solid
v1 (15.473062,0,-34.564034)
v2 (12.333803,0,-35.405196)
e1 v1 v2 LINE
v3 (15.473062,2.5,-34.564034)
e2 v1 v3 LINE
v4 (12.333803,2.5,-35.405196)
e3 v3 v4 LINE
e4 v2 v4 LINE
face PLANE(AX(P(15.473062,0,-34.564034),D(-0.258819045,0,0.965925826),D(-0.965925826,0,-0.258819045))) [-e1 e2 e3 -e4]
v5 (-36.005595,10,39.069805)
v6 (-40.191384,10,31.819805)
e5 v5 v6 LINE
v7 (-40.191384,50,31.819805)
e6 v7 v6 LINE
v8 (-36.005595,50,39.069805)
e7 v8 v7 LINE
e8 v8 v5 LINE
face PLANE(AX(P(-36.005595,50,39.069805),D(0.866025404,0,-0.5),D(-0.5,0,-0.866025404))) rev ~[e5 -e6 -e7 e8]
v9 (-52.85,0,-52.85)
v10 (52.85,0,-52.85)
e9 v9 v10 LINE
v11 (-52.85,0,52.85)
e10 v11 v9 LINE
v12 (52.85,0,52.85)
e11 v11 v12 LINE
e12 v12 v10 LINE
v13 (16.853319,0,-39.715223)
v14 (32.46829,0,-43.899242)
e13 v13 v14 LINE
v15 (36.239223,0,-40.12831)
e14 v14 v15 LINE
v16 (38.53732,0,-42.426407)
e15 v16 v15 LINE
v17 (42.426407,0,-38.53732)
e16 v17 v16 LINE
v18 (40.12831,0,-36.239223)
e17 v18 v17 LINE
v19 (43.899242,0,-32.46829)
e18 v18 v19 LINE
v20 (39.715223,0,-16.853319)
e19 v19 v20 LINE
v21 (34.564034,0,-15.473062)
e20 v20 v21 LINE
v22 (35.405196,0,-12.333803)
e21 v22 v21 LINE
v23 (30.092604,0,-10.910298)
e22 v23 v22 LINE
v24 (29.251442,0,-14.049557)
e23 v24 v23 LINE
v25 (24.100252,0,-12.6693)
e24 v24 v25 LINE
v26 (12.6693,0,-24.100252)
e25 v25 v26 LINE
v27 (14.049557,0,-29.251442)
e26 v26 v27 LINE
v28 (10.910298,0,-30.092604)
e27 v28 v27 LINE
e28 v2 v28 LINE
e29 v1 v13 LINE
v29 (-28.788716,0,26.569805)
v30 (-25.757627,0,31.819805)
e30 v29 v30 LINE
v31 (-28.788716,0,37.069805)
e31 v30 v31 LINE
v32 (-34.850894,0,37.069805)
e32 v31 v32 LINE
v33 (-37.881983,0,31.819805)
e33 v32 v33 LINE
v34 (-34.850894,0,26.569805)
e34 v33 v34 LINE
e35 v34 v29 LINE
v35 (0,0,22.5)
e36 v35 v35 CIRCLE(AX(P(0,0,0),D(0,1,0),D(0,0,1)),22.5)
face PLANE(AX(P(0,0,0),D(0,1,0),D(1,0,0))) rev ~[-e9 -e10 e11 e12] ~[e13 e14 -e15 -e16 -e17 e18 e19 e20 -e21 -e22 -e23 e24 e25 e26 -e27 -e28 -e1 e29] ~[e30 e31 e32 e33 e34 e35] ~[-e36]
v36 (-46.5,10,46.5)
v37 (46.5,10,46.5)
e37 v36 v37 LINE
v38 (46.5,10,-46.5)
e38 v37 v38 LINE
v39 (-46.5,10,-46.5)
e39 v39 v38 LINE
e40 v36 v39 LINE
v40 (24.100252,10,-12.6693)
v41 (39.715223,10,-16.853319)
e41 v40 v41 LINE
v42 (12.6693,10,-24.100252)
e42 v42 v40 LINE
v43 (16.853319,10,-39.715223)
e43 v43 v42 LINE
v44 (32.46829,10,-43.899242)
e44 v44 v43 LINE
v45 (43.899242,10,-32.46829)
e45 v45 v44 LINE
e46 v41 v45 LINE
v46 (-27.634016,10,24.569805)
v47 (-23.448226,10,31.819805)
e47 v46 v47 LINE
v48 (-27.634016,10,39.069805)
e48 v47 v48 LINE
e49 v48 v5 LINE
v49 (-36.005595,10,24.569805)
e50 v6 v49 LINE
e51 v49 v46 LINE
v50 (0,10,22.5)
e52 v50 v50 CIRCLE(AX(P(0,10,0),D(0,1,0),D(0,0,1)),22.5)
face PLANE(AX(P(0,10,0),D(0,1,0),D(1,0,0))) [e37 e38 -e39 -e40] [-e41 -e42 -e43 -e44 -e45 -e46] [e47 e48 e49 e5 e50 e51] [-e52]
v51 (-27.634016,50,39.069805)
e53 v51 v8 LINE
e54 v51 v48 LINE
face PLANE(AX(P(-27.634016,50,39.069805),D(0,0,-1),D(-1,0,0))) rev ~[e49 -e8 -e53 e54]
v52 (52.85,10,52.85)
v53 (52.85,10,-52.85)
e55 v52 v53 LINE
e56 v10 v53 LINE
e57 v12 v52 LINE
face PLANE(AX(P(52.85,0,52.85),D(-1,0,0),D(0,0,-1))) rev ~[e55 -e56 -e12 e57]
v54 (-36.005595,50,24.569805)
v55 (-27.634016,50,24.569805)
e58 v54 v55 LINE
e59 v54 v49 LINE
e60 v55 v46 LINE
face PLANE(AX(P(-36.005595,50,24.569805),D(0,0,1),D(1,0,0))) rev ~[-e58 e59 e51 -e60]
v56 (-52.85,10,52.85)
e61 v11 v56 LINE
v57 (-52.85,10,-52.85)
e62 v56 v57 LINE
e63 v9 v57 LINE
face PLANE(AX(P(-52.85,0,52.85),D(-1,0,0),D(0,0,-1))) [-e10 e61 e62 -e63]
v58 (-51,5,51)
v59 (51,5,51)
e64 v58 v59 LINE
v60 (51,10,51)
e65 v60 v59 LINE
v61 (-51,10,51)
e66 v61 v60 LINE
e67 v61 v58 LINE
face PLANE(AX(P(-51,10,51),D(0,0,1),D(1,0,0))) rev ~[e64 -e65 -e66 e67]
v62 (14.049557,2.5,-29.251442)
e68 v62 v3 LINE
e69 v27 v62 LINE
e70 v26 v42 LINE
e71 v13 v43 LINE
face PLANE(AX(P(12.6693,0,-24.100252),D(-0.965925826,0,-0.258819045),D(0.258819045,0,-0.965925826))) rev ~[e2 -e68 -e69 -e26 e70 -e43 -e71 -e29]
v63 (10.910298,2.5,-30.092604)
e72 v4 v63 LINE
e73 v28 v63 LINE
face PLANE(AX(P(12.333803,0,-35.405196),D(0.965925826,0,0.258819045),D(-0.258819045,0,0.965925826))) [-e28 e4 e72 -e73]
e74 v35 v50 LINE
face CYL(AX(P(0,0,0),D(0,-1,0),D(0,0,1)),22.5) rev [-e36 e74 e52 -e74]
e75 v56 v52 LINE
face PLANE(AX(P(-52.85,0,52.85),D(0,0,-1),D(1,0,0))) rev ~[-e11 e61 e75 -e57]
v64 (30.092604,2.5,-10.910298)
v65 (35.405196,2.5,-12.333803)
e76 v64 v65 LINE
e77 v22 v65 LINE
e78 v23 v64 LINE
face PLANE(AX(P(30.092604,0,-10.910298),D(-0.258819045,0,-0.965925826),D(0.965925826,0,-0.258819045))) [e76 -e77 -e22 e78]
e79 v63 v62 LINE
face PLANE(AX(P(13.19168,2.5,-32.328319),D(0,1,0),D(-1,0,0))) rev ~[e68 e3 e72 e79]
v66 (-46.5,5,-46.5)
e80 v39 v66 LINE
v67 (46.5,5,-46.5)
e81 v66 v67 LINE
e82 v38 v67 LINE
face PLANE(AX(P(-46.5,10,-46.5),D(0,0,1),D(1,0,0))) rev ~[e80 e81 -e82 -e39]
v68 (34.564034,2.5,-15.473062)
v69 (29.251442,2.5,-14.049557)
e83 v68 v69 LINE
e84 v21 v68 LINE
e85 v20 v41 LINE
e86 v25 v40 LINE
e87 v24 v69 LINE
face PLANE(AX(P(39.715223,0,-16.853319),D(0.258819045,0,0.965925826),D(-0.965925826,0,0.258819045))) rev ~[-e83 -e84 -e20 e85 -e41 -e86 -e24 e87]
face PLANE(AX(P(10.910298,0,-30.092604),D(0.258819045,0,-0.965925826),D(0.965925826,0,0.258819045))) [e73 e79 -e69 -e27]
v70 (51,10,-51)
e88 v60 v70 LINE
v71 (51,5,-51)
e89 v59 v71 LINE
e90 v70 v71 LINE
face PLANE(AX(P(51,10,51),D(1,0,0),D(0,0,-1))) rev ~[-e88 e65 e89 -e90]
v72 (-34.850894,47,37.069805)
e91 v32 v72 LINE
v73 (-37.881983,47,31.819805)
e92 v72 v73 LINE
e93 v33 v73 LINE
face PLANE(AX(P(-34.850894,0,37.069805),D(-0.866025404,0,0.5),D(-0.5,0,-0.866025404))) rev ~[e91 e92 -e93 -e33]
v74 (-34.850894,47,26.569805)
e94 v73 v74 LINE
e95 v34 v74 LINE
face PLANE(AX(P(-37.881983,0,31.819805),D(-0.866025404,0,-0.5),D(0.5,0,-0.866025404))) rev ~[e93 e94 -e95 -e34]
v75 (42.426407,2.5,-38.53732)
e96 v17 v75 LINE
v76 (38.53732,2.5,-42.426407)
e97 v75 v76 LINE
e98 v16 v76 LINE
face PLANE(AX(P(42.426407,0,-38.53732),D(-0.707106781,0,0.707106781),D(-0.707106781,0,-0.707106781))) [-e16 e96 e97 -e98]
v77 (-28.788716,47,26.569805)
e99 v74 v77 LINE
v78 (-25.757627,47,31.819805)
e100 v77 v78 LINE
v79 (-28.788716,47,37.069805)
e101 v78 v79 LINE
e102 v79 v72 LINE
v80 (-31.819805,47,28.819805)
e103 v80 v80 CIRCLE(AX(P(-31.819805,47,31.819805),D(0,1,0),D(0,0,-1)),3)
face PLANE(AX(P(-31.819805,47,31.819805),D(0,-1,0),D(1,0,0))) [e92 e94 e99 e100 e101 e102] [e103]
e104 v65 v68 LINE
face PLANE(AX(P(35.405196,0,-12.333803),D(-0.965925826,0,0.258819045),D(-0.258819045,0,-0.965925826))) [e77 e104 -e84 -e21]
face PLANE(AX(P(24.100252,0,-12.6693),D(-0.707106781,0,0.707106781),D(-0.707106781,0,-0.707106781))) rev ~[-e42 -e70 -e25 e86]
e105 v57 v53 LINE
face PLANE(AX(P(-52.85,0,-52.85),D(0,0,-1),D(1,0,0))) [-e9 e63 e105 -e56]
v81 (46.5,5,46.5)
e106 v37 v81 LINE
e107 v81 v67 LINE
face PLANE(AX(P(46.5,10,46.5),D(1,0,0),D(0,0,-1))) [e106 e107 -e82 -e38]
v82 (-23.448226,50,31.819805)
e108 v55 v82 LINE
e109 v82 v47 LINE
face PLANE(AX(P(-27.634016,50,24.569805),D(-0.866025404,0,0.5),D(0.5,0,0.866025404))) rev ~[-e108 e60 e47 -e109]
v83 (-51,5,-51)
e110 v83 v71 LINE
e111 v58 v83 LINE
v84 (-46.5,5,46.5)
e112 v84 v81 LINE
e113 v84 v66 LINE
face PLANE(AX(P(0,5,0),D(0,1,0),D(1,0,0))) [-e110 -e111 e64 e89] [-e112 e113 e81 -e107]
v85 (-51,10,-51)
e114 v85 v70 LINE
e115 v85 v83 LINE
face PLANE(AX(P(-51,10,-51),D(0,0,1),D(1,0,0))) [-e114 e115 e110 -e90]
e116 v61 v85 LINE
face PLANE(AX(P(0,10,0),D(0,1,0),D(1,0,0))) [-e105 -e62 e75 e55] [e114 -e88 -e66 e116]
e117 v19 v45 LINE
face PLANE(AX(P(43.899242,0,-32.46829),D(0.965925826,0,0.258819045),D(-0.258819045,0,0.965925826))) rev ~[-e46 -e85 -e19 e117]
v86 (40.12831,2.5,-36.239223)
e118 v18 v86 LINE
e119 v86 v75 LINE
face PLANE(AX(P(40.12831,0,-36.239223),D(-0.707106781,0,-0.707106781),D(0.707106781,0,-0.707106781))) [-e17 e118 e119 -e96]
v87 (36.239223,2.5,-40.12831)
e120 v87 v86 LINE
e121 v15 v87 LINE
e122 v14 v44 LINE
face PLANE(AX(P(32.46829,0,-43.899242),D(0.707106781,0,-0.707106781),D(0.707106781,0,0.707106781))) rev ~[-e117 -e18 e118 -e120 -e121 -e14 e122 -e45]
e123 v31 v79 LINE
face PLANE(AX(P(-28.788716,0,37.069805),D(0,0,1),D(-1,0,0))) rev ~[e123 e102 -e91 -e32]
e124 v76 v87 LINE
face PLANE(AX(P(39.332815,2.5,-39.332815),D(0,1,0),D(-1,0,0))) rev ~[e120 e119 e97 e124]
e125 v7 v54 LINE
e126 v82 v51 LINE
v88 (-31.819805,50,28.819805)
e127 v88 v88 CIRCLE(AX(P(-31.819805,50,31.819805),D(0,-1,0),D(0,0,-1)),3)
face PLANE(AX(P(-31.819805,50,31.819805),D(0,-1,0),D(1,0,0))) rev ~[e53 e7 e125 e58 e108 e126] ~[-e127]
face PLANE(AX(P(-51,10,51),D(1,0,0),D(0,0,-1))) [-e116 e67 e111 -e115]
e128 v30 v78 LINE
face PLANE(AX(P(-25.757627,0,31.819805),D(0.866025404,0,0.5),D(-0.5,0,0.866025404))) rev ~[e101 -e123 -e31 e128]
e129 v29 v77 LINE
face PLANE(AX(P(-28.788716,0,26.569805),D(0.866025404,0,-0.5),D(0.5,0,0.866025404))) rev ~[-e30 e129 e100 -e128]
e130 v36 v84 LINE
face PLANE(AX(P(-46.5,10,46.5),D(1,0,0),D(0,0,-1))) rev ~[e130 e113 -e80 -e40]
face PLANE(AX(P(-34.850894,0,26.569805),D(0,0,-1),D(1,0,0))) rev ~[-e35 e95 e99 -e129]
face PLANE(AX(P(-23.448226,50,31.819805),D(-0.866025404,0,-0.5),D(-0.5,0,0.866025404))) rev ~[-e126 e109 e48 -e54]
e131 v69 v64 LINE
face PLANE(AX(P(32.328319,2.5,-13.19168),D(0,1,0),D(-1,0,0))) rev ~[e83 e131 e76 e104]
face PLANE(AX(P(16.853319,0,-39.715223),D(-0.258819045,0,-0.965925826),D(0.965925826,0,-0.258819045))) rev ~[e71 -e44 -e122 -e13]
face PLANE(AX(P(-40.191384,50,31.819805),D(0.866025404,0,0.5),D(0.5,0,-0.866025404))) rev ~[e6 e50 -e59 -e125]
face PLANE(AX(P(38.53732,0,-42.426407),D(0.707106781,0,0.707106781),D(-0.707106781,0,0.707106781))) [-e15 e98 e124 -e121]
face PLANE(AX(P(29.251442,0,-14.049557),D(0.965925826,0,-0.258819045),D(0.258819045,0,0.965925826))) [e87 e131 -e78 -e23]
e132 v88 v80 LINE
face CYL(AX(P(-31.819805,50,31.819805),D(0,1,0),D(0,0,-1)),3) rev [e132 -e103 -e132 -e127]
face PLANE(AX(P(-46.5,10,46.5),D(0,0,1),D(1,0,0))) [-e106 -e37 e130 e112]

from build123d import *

# Parameters (mm, degrees)
SKETCH1_W           = 105.7
SKETCH1_H           = 105.7
SKETCH1_R           = 22.5
BOSS_EXTRUDE1_DEPTH = 10
SKETCH3_W           = 102
SKETCH3_H           = 102
SKETCH3_W_2         = 93
SKETCH3_H_2         = 93
CUT_EXTRUDE1_DEPTH  = 5
SKETCH8_R           = 3
CUT_EXTRUDE5_DEPTH  = 76.407194617
SKETCH4_R           = 10.375
CUT_EXTRUDE7_DEPTH  = 76.407194617
CUT_EXTRUDE11_DEPTH = 76.407194617
BOSS_EXTRUDE5_START = -40
SKETCH9_R           = 3
BOSS_EXTRUDE5_DEPTH = 40
CUT_EXTRUDE12_DEPTH = 47
CUT_EXTRUDE13_DEPTH = 2.5


with BuildPart() as part:
    # Sketch1 → Boss-Extrude1 (new body)
    with BuildSketch(Plane(origin=(0, 0, 0), x_dir=(1, 0, 0), z_dir=(0, 1, 0))):
        Rectangle(SKETCH1_W, SKETCH1_H)
        with Locations(Location((0, 0, 0), (0, 0, 270))):
            Circle(SKETCH1_R, mode=Mode.SUBTRACT)
    extrude(amount=BOSS_EXTRUDE1_DEPTH)

    # Sketch3 → Cut-Extrude1 (cut)
    with BuildSketch(Plane(origin=(0, 10, 0), x_dir=(1, 0, 0), z_dir=(0, 1, 0))):
        Rectangle(SKETCH3_W, SKETCH3_H)
        Rectangle(SKETCH3_W_2, SKETCH3_H_2, mode=Mode.SUBTRACT)
    extrude(amount=-CUT_EXTRUDE1_DEPTH, mode=Mode.SUBTRACT)

    # Sketch8 → Cut-Extrude5 (cut, through all)
    with BuildSketch(Plane.XZ.offset(-10)):
        with Locations(Location((-31.819805153, 31.819805153, 0), (0, 0, 270))):
            Circle(SKETCH8_R)
    extrude(amount=CUT_EXTRUDE5_DEPTH, mode=Mode.SUBTRACT)

    # Sketch4 → Cut-Extrude7 (cut, through all)
    with BuildSketch(Plane(origin=(0, 10, 0), x_dir=(1, 0, 0), z_dir=(0, 1, 0))):
        with Locations(Location((28.284271247, 28.284271247, 0), (0, 0, 270))):
            Circle(SKETCH4_R)
    extrude(amount=-CUT_EXTRUDE7_DEPTH, mode=Mode.SUBTRACT)

    # Sketch12 → Cut-Extrude11 (cut, through all)
    with BuildSketch(Plane.XZ):
        Polygon((43.899242251, -32.468290118), (39.71522338, -16.853319114), (24.100252377, -12.669300244), (12.669300244, -24.100252377), (16.853319114, -39.71522338), (32.468290118, -43.899242251), align=None)
    extrude(amount=-CUT_EXTRUDE11_DEPTH, mode=Mode.SUBTRACT)

    # Sketch9 → Boss-Extrude5 (add)
    with BuildSketch(Plane.XZ.offset(-10).offset(BOSS_EXTRUDE5_START)):
        Polygon((-23.44822625, 31.819805153), (-27.634015702, 39.069805153), (-36.005594605, 39.069805153), (-40.191384057, 31.819805153), (-36.005594605, 24.569805153), (-27.634015702, 24.569805153), align=None)
        with Locations(Location((-31.819805153, 31.819805153, 0), (0, 0, 270))):
            Circle(SKETCH9_R, mode=Mode.SUBTRACT)
    extrude(amount=BOSS_EXTRUDE5_DEPTH)

    # Sketch16 → Cut-Extrude12 (cut)
    with BuildSketch(Plane.XZ):
        Polygon((-25.757627327, 31.819805153), (-28.78871624, 37.069805153), (-34.850894067, 37.069805153), (-37.88198298, 31.819805153), (-34.850894067, 26.569805153), (-28.78871624, 26.569805153), align=None)
    extrude(amount=-CUT_EXTRUDE12_DEPTH, mode=Mode.SUBTRACT)

    # Sketch17 → Cut-Extrude13 (cut)
    with BuildSketch(Plane.XZ):
        Polygon((29.251441857, -14.049557305), (30.092603753, -10.91029837), (35.405195798, -12.333803118), (34.564033901, -15.473062053), align=None)
        Polygon((36.239222536, -40.128309832), (40.128309832, -36.239222536), (42.426406871, -38.537319575), (38.537319575, -42.426406871), align=None)
        Polygon((14.049557305, -29.251441857), (15.473062053, -34.564033901), (12.333803118, -35.405195798), (10.91029837, -30.092603753), align=None)
    extrude(amount=-CUT_EXTRUDE13_DEPTH, mode=Mode.SUBTRACT)


solid = part.part
